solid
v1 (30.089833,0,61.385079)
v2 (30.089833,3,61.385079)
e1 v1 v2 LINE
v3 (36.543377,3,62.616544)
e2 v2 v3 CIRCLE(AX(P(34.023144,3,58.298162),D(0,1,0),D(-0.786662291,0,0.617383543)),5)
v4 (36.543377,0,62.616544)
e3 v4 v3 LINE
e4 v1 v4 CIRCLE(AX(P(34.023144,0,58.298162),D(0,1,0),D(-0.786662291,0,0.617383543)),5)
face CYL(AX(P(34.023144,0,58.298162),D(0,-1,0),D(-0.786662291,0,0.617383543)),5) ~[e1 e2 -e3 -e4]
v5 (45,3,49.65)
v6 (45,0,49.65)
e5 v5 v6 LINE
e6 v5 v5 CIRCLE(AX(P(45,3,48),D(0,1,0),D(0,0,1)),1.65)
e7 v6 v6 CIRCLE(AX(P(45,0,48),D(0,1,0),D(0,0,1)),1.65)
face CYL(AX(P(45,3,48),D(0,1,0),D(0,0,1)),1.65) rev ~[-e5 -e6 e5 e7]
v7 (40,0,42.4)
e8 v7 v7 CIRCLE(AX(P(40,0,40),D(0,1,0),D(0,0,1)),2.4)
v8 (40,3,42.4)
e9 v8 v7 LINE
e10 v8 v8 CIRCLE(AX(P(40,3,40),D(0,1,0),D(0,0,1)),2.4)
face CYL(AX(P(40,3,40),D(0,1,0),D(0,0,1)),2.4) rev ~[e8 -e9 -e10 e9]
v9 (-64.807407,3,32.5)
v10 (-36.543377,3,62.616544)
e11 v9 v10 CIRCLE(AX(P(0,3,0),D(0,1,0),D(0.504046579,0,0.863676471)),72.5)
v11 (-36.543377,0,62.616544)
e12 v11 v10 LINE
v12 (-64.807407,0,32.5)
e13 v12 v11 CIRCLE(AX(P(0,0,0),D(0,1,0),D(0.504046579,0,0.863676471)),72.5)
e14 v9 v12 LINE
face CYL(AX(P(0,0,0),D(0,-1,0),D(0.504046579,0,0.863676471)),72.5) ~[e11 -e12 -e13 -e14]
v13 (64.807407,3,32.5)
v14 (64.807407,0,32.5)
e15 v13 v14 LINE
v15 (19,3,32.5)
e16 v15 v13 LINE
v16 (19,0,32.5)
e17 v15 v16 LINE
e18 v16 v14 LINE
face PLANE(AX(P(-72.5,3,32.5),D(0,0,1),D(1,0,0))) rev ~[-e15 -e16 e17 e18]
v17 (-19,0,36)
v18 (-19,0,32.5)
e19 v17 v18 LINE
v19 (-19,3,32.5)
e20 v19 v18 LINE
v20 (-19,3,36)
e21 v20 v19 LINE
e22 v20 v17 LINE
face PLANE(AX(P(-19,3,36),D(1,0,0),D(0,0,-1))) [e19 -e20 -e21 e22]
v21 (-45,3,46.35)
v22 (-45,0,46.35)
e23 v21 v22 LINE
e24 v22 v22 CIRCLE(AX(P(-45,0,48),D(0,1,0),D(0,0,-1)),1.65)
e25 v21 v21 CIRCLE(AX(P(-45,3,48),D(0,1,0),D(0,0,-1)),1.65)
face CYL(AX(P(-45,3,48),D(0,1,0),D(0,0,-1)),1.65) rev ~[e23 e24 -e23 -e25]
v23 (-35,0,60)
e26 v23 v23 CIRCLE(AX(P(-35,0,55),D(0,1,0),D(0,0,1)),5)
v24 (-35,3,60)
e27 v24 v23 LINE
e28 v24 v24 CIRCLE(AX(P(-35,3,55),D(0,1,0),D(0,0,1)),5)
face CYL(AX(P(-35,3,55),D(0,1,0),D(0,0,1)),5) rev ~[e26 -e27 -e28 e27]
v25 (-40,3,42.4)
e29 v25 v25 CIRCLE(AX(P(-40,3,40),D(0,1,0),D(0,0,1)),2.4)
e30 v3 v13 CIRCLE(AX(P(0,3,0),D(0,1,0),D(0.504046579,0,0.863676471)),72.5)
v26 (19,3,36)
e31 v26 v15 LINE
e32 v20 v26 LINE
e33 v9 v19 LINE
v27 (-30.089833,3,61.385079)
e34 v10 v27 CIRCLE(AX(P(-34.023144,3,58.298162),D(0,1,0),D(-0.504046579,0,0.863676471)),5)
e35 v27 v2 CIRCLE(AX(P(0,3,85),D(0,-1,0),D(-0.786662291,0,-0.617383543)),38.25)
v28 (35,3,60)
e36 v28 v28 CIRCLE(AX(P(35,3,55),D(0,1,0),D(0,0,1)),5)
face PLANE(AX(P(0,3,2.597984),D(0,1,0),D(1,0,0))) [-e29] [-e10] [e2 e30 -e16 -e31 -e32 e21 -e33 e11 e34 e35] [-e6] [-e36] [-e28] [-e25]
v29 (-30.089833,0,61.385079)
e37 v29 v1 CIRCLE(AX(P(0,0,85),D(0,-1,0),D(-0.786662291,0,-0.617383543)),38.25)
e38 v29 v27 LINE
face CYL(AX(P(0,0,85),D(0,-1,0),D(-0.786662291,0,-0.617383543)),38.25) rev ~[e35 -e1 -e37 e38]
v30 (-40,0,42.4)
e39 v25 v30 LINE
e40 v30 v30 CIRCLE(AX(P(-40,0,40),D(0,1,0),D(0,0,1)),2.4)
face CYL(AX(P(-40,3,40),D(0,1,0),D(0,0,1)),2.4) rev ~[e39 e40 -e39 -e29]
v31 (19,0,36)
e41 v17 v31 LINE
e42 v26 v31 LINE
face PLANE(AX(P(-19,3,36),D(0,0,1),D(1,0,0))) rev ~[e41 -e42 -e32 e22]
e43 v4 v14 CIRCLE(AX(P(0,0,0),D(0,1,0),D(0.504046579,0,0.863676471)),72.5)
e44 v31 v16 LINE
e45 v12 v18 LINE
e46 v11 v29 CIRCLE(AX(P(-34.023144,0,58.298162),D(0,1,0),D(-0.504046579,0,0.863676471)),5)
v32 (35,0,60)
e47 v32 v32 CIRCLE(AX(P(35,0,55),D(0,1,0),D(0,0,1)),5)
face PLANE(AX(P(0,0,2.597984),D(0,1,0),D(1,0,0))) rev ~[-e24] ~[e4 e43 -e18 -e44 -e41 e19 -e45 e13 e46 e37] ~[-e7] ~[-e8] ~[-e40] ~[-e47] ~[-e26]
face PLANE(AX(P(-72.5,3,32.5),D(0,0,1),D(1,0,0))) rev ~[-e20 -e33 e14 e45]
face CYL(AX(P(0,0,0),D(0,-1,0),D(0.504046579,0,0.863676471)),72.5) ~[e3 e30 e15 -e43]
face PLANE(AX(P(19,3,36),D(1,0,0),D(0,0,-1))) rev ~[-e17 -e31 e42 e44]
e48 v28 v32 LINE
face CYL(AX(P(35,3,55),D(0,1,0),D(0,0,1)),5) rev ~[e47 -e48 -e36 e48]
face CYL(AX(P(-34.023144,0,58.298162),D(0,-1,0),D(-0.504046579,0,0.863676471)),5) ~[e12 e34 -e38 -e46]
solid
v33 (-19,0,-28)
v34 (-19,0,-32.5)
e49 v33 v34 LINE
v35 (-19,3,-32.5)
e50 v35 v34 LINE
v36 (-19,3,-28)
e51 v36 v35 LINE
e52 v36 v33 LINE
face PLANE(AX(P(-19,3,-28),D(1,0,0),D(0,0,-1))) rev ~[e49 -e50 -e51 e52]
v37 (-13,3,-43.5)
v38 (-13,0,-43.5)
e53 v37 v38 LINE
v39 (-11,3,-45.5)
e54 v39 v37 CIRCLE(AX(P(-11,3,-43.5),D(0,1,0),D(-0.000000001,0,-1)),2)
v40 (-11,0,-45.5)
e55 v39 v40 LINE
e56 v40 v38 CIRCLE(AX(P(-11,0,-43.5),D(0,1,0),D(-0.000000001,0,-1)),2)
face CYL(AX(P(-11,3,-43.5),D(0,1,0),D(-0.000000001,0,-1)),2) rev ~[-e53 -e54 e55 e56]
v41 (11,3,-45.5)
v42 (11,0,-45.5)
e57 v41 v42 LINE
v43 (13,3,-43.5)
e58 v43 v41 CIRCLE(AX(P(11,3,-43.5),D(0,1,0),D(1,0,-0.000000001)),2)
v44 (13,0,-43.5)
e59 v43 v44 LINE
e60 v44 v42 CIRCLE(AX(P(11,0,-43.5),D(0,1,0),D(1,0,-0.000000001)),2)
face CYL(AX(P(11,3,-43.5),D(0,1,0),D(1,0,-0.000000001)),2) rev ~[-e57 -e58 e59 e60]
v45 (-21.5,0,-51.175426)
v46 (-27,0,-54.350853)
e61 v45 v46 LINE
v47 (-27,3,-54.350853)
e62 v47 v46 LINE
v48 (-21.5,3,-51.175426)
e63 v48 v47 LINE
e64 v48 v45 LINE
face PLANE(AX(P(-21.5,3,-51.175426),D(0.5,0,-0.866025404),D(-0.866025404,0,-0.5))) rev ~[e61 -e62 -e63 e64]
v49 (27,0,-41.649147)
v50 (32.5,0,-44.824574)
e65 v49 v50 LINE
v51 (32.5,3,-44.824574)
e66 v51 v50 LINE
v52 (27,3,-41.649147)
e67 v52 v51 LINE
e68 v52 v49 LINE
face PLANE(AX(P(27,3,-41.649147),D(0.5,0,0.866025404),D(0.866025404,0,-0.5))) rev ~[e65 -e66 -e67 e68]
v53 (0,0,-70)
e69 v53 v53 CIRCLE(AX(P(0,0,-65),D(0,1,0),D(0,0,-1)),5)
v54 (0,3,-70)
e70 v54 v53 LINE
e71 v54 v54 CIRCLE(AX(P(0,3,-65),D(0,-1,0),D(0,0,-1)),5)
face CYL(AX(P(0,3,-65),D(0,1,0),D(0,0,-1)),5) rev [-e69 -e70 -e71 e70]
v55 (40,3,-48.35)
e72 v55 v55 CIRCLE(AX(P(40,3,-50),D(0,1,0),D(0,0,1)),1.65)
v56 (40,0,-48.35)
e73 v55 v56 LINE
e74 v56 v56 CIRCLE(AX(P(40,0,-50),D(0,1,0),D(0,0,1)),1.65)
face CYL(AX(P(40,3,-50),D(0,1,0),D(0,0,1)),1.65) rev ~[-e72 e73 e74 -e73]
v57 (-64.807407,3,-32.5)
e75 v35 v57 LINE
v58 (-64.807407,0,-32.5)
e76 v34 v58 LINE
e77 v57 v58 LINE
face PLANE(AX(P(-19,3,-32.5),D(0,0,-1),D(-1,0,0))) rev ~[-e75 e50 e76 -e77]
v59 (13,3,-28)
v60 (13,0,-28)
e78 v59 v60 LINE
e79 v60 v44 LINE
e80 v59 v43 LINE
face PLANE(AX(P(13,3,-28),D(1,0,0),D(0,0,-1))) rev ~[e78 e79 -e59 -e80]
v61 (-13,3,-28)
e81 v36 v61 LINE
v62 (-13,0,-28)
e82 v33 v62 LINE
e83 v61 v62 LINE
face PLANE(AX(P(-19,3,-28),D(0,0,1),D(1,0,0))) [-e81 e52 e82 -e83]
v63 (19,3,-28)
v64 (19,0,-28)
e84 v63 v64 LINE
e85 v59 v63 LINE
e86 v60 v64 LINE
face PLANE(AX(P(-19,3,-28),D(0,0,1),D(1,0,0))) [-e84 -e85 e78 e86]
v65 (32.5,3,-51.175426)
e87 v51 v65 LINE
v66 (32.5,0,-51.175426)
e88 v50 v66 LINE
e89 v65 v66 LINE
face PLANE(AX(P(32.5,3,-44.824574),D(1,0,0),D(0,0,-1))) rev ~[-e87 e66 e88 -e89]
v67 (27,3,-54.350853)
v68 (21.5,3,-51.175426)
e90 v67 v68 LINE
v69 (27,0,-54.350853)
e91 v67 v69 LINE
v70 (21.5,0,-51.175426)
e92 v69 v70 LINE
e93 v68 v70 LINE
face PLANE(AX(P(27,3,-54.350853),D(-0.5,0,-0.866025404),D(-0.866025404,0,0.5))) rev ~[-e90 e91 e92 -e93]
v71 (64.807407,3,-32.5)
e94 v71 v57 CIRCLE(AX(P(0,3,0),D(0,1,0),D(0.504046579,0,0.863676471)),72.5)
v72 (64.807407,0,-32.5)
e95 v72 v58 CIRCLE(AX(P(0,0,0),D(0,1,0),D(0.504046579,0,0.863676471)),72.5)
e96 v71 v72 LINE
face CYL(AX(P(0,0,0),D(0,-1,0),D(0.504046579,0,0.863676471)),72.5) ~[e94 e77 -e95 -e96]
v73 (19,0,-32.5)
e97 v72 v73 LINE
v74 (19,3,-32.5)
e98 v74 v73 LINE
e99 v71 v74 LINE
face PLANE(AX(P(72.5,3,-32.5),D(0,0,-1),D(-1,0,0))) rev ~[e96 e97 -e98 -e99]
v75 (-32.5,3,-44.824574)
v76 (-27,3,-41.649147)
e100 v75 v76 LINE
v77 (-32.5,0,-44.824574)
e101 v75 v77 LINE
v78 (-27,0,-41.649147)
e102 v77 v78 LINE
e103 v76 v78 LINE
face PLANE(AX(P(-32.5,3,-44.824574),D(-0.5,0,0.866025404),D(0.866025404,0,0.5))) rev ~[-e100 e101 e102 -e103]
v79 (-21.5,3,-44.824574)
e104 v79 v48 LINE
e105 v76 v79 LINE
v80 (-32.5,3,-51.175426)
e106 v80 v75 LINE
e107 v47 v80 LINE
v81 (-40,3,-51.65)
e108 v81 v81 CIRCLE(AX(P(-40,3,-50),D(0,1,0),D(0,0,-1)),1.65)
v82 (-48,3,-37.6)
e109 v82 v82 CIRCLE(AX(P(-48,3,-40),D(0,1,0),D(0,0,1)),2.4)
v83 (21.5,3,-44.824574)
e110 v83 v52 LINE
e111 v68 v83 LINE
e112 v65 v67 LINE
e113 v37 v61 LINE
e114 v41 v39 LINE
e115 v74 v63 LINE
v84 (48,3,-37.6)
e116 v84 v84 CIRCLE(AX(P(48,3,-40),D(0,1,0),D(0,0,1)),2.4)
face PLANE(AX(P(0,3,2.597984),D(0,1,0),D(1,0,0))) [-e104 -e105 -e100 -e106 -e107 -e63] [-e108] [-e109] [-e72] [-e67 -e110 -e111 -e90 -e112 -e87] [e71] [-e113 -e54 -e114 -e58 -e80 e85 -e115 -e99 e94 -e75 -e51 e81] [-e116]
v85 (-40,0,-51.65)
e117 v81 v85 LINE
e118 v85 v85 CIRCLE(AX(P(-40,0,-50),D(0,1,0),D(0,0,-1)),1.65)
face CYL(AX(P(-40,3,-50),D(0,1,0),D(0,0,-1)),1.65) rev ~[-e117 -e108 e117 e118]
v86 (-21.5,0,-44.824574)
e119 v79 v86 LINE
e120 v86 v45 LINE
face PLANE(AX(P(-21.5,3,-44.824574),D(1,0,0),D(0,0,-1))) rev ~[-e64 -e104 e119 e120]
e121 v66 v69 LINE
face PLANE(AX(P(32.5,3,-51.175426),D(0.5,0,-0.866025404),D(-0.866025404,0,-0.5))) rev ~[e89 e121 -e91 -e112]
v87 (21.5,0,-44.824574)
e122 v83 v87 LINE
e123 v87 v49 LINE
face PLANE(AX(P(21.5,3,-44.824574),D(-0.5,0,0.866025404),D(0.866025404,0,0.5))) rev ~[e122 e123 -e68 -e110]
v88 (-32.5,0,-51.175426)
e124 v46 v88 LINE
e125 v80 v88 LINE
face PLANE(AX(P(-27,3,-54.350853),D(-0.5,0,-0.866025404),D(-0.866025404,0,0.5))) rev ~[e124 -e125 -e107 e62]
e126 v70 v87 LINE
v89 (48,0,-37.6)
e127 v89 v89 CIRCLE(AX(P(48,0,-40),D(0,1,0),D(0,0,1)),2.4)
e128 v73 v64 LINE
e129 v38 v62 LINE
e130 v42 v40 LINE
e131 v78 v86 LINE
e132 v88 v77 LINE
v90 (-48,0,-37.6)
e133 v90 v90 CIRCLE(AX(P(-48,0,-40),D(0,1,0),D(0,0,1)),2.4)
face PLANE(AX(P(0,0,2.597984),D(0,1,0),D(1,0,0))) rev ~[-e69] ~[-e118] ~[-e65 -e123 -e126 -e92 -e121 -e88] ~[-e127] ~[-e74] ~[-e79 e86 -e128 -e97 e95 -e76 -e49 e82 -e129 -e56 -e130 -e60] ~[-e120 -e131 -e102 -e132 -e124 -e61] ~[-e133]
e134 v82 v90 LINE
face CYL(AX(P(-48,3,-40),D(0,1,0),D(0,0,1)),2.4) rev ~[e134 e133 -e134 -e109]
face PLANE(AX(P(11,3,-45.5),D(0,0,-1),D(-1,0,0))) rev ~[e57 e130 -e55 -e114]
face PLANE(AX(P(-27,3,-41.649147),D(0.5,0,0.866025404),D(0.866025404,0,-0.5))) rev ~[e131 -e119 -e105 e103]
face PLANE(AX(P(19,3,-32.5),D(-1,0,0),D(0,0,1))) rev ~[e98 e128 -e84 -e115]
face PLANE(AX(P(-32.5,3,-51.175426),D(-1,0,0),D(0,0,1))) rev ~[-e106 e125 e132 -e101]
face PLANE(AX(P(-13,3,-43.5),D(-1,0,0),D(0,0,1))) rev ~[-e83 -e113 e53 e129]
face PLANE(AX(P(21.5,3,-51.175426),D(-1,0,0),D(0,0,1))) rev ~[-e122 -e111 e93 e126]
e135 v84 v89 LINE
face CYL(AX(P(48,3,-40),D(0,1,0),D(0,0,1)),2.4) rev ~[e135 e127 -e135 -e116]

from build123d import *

# Parameters (mm, degrees)
BOSS_EXTRUDE1_DEPTH  = 3
SOLENOID_PLACEMENT_W = 38
SOLENOID_PLACEMENT_H = 64
CUT_EXTRUDE1_DEPTH   = 103.574363269
CUT_EXTRUDE4_DEPTH   = 103.574363269
CUT_EXTRUDE5_DEPTH   = 103.574363269
SKETCH6_R            = 2.4
CUT_EXTRUDE6_DEPTH   = 103.574363269
CUT_EXTRUDE3_DEPTH   = 103.574363269
SKETCH7_R            = 5
CUT_EXTRUDE7_DEPTH   = 98.289516393
SKETCH8_R            = 5
CUT_EXTRUDE9_DEPTH   = 98.289516393
SKETCH9_R            = 1.65
CUT_EXTRUDE10_DEPTH  = 98.289516393


with BuildPart() as part:
    # Sketch1 → Boss-Extrude1 (new body)
    with BuildSketch(Plane(origin=(0, 0, 0), x_dir=(1, 0, 0), z_dir=(0, 1, 0))):
        with BuildLine():
            ThreePointArc((36.543377003, -62.616544118), (0, 72.5), (-36.543377003, -62.616544118))
            ThreePointArc((-36.543377003, -62.616544118), (-33.085954668, -63.20954405), (-30.089832649, -61.38507948))
            ThreePointArc((-30.089832649, -61.38507948), (0, -46.75), (30.089832649, -61.38507948))
            ThreePointArc((30.089832649, -61.38507948), (33.085954668, -63.20954405), (36.543377003, -62.616544118))
        make_face()
    extrude(amount=BOSS_EXTRUDE1_DEPTH)

    # solenoid placement → Cut-Extrude1 (cut, through all)
    with BuildSketch(Plane(origin=(0, 3, 0), x_dir=(1, 0, 0), z_dir=(0, 1, 0))):
        with Locations((0, -4)):
            Rectangle(SOLENOID_PLACEMENT_W, SOLENOID_PLACEMENT_H)
    extrude(amount=-CUT_EXTRUDE1_DEPTH, mode=Mode.SUBTRACT)

    # Sketch4 → Cut-Extrude4 (cut, through all)
    with BuildSketch(Plane(origin=(0, 3, 0), x_dir=(1, 0, 0), z_dir=(0, 1, 0))):
        with BuildLine():
            Line((13, 28), (13, 43.5))
            ThreePointArc((13, 43.5), (12.414213562, 44.914213562), (11, 45.5))
            Line((11, 45.5), (-11, 45.5))
            ThreePointArc((-11, 45.5), (-12.414213562, 44.914213562), (-13, 43.5))
            Line((-13, 43.5), (-13, 28))
            Line((-13, 28), (13, 28))
        make_face()
    extrude(amount=-CUT_EXTRUDE4_DEPTH, mode=Mode.SUBTRACT)

    # Sketch5 → Cut-Extrude5 (cut, through all)
    with BuildSketch(Plane(origin=(0, 3, 0), x_dir=(1, 0, 0), z_dir=(0, 1, 0))):
        Polygon((-21.5, 51.175426481), (-27, 54.350852961), (-32.5, 51.175426481), (-32.5, 44.824573519), (-27, 41.649147039), (-21.5, 44.824573519), align=None)
        Polygon((21.5, 51.175426481), (21.5, 44.824573519), (27, 41.649147039), (32.5, 44.824573519), (32.5, 51.175426481), (27, 54.350852961), align=None)
    extrude(amount=-CUT_EXTRUDE5_DEPTH, mode=Mode.SUBTRACT)

    # Sketch6 → Cut-Extrude6 (cut, through all)
    with BuildSketch(Plane(origin=(0, 3, 0), x_dir=(1, 0, 0), z_dir=(0, 1, 0))):
        with Locations(Location((40, -40, 0), (0, 0, 270))):
            Circle(SKETCH6_R)
        with Locations(Location((-40, -40, 0), (0, 0, 270))):
            Circle(SKETCH6_R)
        with Locations(Location((48, 40, 0), (0, 0, 270))):
            Circle(SKETCH6_R)
        with Locations(Location((-48, 40, 0), (0, 0, 270))):
            Circle(SKETCH6_R)
    extrude(amount=-CUT_EXTRUDE6_DEPTH, mode=Mode.SUBTRACT)

    # Sketch3 → Cut-Extrude3 (cut, through all)
    with BuildSketch(Plane(origin=(0, 3, 0), x_dir=(1, 0, 0), z_dir=(0, 1, 0))):
        Polygon((-19, 28), (-19, 32.5), (-72.5, 32.5), (-72.5, -32.5), (72.5, -32.5), (72.5, 32.5), (19, 32.5), (19, 28), align=None)
    extrude(amount=-CUT_EXTRUDE3_DEPTH, mode=Mode.SUBTRACT)


with BuildPart() as cut_extrude3_piece_1:
    # of the separate pieces the step leaves, piece 1, a body of its own (cut_extrude3_pieces)
    add(part.part.solids().sort_by_distance((64.807406984, 0, -32.5))[0])

    # Sketch8 → Cut-Extrude9 (cut, through all)
    with BuildSketch(Plane.XZ.offset(-3)):
        with Locations(Location((0, -65, 0), (0, 0, 270))):
            Circle(SKETCH8_R)
    extrude(amount=CUT_EXTRUDE9_DEPTH, mode=Mode.SUBTRACT)


with BuildPart() as cut_extrude3_piece_2:
    # of the separate pieces the step leaves, piece 2, a body of its own (cut_extrude3_pieces)
    add(part.part.solids().sort_by_distance((-36.543377003, 0, 62.616544118))[0])

    # Sketch7 → Cut-Extrude7 (cut, through all)
    with BuildSketch(Plane(origin=(0, 3, 0), x_dir=(1, 0, 0), z_dir=(0, 1, 0))):
        with Locations(Location((35, -55, 0), (0, 0, 270))):
            Circle(SKETCH7_R)
        with Locations(Location((-35, -55, 0), (0, 0, 270))):
            Circle(SKETCH7_R)
    extrude(amount=-CUT_EXTRUDE7_DEPTH, mode=Mode.SUBTRACT)


with BuildPart() as cut_extrude10_tool:
    # Sketch9 → Cut-Extrude10 (new, through all)
    with BuildSketch(Plane(origin=(0, 3, 0), x_dir=(1, 0, 0), z_dir=(0, 1, 0))):
        with Locations(Location((45, -48, 0), (0, 0, 270))):
            Circle(SKETCH9_R)
        with Locations(Location((-45, -48, 0), (0, 0, 90))):
            Circle(SKETCH9_R)
        with Locations(Location((40, 50, 0), (0, 0, 270))):
            Circle(SKETCH9_R)
        with Locations(Location((-40, 50, 0), (0, 0, 90))):
            Circle(SKETCH9_R)
    extrude(amount=-CUT_EXTRUDE10_DEPTH)


with BuildPart() as cut_extrude3_piece_1_1:
    add(cut_extrude3_piece_1.part)

    # Cut-Extrude10: cut by cut_extrude10_tool
    add(cut_extrude10_tool.part, mode=Mode.SUBTRACT)


with BuildPart() as cut_extrude3_piece_2_1:
    add(cut_extrude3_piece_2.part)

    # Cut-Extrude10: cut by cut_extrude10_tool
    add(cut_extrude10_tool.part, mode=Mode.SUBTRACT)


solid = Compound([cut_extrude3_piece_1_1.part, cut_extrude3_piece_2_1.part])
